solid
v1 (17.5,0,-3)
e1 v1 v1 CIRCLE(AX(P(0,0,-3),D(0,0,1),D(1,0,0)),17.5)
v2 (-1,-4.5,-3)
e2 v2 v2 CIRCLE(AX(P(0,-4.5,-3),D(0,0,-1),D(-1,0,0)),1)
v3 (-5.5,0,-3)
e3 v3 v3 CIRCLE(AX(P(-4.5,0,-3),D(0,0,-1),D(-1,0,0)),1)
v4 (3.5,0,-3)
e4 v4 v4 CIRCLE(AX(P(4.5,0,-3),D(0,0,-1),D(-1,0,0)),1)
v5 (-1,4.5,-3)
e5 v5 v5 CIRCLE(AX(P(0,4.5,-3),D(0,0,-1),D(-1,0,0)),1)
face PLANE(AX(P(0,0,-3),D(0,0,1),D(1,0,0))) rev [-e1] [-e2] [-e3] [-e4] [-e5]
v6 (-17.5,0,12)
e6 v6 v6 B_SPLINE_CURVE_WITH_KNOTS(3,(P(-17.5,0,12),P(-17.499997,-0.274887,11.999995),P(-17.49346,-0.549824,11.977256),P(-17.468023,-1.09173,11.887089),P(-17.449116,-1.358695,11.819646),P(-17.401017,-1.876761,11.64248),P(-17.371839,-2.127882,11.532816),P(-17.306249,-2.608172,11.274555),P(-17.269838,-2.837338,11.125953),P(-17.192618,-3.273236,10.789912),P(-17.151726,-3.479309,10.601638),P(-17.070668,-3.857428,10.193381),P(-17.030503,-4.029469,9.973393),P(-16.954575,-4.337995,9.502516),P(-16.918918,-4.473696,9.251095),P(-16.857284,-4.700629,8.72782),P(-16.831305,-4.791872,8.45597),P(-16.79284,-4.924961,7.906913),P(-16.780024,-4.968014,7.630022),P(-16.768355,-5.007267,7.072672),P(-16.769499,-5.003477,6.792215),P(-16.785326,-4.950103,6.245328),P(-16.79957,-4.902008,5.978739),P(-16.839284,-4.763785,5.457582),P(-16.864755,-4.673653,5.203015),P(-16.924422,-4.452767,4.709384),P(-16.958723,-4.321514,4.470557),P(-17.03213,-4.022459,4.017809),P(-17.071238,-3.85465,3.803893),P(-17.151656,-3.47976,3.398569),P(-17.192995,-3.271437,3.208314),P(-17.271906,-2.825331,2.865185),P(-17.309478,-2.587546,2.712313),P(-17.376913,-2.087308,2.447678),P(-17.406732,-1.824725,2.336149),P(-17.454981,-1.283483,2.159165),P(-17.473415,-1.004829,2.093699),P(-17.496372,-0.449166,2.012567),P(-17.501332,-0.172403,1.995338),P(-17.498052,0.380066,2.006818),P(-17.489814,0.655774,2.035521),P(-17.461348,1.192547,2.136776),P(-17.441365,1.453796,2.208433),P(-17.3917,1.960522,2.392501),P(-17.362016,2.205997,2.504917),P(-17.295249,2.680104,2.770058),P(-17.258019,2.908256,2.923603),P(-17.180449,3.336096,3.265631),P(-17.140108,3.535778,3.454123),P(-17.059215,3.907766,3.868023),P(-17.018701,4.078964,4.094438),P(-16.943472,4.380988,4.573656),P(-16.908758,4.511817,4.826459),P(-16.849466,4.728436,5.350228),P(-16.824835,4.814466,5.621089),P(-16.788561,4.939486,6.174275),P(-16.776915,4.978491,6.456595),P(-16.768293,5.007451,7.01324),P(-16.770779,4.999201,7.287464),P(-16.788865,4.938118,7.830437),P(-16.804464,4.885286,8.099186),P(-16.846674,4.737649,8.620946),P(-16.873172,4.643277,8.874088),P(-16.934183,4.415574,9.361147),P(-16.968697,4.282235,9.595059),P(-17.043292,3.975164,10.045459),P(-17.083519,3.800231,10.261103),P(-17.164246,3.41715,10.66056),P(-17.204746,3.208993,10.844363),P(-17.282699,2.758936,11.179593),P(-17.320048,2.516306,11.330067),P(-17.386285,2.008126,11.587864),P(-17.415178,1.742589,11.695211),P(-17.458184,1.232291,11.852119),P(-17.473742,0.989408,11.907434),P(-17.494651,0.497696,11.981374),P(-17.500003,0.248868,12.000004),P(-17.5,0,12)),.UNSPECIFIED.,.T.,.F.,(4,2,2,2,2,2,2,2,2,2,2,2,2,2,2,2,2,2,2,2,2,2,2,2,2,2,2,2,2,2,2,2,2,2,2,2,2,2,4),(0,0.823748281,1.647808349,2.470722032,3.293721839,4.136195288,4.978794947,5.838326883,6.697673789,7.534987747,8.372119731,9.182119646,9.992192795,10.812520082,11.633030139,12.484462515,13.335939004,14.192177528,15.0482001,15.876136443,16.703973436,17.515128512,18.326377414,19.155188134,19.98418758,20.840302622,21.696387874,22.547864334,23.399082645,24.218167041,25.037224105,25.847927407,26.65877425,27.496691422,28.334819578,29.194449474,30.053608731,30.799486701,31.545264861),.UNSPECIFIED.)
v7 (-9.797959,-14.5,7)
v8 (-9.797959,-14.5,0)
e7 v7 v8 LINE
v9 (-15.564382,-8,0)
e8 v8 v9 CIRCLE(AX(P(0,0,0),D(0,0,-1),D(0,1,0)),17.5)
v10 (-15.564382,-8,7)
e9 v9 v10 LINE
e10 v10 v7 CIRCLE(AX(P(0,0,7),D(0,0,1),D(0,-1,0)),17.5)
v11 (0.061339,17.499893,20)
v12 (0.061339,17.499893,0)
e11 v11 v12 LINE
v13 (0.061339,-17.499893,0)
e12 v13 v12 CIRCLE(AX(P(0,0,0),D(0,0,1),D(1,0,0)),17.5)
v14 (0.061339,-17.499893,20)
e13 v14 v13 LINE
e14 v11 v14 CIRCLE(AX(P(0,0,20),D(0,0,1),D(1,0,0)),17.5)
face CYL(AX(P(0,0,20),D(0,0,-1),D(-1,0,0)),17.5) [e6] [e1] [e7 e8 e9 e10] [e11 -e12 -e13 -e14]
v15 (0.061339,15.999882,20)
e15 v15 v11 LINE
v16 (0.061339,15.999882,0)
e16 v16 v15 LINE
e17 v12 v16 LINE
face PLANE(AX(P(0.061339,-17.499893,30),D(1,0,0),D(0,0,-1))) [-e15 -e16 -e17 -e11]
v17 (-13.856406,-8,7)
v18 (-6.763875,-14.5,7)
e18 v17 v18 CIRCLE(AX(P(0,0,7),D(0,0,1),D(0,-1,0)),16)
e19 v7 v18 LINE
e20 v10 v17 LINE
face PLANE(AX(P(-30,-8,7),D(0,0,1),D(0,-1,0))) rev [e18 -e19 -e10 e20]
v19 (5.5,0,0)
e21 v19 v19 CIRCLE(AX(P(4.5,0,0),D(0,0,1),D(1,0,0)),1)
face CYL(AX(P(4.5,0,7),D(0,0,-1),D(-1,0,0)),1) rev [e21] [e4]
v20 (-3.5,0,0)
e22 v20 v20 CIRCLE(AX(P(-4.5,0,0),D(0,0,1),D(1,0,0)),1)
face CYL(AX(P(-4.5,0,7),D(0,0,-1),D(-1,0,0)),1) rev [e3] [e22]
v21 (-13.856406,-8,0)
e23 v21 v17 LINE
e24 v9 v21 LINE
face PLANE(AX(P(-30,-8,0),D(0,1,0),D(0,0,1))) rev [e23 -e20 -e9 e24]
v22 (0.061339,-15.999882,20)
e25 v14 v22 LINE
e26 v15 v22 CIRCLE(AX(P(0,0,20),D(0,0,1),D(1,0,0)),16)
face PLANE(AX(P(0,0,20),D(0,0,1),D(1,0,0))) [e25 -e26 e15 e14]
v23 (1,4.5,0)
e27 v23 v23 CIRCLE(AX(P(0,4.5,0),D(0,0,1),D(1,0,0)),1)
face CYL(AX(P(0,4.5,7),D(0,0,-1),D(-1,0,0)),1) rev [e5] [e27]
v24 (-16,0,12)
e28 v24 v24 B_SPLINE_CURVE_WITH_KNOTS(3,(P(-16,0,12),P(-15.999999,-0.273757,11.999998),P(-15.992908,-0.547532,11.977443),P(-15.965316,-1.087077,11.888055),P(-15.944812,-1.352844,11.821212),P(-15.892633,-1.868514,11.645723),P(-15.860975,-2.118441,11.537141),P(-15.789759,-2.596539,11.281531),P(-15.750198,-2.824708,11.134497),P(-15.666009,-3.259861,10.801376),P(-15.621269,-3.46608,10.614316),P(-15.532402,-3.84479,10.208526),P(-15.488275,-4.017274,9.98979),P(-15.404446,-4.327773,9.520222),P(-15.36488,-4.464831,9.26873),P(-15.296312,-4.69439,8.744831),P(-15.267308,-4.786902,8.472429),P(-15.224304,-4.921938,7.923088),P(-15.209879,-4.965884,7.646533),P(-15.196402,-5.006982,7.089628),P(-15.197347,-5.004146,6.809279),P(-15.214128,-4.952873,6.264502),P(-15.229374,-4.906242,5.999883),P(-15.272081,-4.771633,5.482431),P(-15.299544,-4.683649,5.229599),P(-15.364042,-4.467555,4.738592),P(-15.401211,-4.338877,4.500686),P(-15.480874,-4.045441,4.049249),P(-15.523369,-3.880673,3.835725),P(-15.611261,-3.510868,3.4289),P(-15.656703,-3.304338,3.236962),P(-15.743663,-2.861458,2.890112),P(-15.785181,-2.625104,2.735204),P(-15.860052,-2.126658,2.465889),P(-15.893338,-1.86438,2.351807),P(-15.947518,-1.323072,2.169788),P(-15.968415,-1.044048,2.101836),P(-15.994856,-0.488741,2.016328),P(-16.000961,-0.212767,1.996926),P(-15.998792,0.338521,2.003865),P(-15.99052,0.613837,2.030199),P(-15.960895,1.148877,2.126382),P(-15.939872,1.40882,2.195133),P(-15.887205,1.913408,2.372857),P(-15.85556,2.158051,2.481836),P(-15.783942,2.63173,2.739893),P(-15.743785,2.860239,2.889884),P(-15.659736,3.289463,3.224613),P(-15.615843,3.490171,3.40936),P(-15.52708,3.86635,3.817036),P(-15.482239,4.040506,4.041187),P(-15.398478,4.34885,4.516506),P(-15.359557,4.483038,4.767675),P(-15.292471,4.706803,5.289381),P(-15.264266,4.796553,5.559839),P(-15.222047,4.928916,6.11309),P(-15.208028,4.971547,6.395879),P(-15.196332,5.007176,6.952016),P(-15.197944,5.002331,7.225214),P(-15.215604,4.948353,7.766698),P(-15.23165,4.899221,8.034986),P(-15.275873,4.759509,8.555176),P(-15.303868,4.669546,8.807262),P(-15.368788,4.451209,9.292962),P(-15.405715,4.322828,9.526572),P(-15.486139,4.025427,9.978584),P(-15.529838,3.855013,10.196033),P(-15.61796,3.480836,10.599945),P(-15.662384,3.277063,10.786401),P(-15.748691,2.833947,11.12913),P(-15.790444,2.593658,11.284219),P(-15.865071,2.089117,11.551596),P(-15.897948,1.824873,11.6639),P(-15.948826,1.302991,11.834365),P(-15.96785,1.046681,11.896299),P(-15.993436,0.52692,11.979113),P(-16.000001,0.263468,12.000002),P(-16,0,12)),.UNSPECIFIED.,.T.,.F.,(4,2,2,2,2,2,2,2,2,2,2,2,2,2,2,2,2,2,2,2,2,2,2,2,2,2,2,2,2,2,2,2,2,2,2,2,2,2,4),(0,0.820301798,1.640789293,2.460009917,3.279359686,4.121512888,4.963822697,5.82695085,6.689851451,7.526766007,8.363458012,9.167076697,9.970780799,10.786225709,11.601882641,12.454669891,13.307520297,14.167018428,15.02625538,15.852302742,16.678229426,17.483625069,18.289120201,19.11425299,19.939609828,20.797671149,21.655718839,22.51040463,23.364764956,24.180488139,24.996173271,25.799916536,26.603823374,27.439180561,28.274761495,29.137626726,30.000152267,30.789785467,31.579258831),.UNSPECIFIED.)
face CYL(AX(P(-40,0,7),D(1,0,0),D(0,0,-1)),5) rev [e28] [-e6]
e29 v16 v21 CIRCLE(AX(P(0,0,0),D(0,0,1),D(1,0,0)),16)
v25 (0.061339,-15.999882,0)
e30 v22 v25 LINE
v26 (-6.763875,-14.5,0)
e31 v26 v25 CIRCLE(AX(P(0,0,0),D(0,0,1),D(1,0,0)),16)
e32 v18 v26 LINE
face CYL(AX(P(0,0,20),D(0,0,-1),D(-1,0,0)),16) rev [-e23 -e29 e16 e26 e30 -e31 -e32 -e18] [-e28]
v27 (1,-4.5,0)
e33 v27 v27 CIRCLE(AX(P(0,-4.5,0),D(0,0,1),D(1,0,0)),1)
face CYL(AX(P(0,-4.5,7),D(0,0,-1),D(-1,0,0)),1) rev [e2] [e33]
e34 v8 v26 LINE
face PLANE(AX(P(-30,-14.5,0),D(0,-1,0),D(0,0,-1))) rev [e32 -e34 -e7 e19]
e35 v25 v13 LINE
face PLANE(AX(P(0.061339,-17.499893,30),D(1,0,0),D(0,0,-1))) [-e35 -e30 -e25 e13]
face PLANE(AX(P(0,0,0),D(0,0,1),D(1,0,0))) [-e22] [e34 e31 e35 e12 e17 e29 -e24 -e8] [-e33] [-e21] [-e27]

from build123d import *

# Parameters (mm, degrees)
SKIZZE3_R                       = 17.5
SKIZZE3_R_2                     = 16
AUFSATZ_LINEAR_AUSTRAGEN3_DEPTH = 20
SKIZZE4_R                       = 17.5
AUFSATZ_LINEAR_AUSTRAGEN4_DEPTH = 3
SKIZZE5_R                       = 5
SCHNITT_LINEAR_AUSTRAGEN1_DEPTH = 40
SKIZZE6_R                       = 1
SCHNITT_LINEAR_AUSTRAGEN2_DEPTH = 10
SKIZZE7_W                       = 31.87732214
SKIZZE7_H                       = 34.999785002
SCHNITT_LINEAR_AUSTRAGEN3_DEPTH = 30
SKIZZE8_W                       = 7
SKIZZE8_H                       = 6.5
SCHNITT_LINEAR_AUSTRAGEN4_DEPTH = 30


with BuildPart() as part:
    # Skizze3 → Aufsatz-Linear austragen3 (new body)
    with BuildSketch(Plane.XY):
        Circle(SKIZZE3_R)
        Circle(SKIZZE3_R_2, mode=Mode.SUBTRACT)
    extrude(amount=AUFSATZ_LINEAR_AUSTRAGEN3_DEPTH)

    # Skizze4 → Aufsatz-Linear austragen4 (add)
    with BuildSketch(Plane.XY):
        Circle(SKIZZE4_R)
    extrude(amount=-AUFSATZ_LINEAR_AUSTRAGEN4_DEPTH)

    # Skizze5 → Schnitt-Linear austragen1 (cut)
    with BuildSketch(Plane(origin=(0, 0, 0), x_dir=(0, 0, -1), z_dir=(1, 0, 0))):
        with Locations((-7, 0)):
            Circle(SKIZZE5_R)
    extrude(amount=-SCHNITT_LINEAR_AUSTRAGEN1_DEPTH, mode=Mode.SUBTRACT)

    # Skizze6 → Schnitt-Linear austragen2 (cut)
    with BuildSketch(Plane(origin=(0, 0, -3), x_dir=(-1, 0, 0), z_dir=(0, 0, -1))):
        with Locations((-4.5, 0)):
            Circle(SKIZZE6_R)
        with Locations((0, 4.5)):
            Circle(SKIZZE6_R)
        with Locations((4.5, 0)):
            Circle(SKIZZE6_R)
        with Locations((0, -4.5)):
            Circle(SKIZZE6_R)
    extrude(amount=-SCHNITT_LINEAR_AUSTRAGEN2_DEPTH, mode=Mode.SUBTRACT)

    # Skizze7 → Schnitt-Linear austragen3 (cut)
    with BuildSketch(Plane.XY):
        with Locations((16, 0)):
            Rectangle(SKIZZE7_W, SKIZZE7_H)
    extrude(amount=SCHNITT_LINEAR_AUSTRAGEN3_DEPTH, mode=Mode.SUBTRACT)

    # Skizze8 → Schnitt-Linear austragen4 (cut)
    with BuildSketch(Plane(origin=(0, 0, 0), x_dir=(0, 0, -1), z_dir=(1, 0, 0))):
        with Locations((-3.5, -11.25)):
            Rectangle(SKIZZE8_W, SKIZZE8_H)
    extrude(amount=-SCHNITT_LINEAR_AUSTRAGEN4_DEPTH, mode=Mode.SUBTRACT)


solid = part.part
